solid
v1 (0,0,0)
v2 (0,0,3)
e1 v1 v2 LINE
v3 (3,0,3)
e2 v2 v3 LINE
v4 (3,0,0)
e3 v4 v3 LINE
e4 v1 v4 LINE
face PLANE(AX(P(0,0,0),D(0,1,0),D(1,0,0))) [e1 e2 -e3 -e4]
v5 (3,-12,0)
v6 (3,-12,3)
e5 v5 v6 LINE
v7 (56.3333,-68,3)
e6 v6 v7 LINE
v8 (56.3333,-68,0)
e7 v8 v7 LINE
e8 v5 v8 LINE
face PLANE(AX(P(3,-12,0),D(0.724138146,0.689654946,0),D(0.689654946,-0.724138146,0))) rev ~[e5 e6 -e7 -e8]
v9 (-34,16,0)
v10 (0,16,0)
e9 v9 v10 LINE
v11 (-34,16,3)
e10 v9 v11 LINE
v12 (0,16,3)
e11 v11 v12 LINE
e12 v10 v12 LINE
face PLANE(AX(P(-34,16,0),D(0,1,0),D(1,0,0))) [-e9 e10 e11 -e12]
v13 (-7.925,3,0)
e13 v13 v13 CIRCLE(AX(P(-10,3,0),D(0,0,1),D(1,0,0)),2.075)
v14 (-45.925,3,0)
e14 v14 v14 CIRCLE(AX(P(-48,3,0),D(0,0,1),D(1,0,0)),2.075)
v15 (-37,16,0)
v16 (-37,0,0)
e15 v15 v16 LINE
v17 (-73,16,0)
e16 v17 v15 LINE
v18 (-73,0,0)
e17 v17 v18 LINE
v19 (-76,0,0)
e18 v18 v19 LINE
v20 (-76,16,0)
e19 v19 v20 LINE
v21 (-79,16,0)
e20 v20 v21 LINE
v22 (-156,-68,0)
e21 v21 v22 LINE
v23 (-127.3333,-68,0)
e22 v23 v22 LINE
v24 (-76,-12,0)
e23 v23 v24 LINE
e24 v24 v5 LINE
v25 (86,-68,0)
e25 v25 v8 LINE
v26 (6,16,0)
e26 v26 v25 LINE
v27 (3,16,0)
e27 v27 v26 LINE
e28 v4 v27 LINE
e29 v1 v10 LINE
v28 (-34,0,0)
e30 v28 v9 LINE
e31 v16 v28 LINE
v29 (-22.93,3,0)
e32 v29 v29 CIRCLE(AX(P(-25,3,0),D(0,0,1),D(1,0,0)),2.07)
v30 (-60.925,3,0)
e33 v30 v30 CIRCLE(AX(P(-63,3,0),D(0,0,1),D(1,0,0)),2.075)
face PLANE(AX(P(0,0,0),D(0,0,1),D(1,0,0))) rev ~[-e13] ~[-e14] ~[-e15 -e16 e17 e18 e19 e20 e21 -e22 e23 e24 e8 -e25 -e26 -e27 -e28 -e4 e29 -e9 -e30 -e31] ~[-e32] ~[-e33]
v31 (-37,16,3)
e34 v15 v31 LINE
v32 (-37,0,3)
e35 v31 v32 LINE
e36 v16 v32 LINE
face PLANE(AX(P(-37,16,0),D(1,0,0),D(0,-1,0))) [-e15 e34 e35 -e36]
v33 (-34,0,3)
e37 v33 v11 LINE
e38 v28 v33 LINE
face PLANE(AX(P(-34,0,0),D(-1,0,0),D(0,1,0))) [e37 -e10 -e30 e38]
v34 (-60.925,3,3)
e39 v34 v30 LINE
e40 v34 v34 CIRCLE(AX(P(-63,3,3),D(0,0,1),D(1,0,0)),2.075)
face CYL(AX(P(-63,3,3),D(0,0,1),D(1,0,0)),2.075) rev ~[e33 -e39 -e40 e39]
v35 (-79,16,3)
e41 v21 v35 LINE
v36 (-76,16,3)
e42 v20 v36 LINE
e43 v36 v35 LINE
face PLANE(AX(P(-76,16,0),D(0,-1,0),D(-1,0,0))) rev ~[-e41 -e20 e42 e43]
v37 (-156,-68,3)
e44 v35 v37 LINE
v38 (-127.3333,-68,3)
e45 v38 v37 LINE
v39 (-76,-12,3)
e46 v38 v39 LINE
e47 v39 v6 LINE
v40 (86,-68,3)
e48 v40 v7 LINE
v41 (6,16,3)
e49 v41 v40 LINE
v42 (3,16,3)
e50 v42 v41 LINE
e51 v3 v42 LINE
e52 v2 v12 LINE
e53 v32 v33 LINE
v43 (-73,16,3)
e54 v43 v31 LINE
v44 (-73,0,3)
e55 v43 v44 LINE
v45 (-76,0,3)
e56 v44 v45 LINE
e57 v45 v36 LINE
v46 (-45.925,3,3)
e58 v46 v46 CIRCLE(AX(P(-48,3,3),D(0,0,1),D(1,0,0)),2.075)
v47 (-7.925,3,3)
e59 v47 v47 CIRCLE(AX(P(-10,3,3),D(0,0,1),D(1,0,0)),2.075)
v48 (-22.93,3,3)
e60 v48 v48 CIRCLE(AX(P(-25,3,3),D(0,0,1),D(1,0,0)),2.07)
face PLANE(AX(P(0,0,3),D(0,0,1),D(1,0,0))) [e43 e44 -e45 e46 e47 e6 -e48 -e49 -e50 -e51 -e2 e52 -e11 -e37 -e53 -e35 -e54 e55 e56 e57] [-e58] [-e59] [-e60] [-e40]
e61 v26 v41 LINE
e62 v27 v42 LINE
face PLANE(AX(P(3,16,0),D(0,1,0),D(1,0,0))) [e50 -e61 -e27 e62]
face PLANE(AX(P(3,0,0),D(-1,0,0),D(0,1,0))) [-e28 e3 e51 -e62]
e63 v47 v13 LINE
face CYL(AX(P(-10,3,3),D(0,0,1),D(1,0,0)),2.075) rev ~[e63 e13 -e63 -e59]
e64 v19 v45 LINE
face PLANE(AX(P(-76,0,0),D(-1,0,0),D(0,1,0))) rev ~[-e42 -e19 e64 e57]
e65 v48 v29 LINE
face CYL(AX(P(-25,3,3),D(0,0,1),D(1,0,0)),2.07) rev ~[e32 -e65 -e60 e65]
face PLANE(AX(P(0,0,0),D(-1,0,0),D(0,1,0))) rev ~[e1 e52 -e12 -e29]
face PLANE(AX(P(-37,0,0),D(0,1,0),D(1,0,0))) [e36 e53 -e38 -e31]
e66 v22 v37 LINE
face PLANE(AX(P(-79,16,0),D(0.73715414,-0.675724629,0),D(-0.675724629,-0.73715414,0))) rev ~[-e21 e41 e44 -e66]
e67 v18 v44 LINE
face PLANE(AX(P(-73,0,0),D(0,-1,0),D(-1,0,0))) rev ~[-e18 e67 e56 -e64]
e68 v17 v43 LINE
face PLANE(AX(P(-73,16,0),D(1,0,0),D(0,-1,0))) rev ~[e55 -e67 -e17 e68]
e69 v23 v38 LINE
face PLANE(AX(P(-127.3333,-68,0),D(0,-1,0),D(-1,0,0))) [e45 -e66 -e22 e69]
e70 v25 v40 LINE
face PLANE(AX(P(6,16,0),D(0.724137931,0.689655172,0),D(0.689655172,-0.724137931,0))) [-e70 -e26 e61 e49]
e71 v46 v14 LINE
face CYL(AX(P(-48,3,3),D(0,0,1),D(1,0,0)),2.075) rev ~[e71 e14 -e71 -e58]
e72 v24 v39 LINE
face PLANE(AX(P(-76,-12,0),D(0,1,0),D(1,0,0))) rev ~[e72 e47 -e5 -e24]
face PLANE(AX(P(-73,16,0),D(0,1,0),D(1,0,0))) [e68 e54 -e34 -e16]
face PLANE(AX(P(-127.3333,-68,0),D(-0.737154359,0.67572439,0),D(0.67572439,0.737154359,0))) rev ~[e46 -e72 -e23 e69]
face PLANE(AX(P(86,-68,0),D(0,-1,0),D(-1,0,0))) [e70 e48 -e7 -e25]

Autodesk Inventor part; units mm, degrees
ref_plane "YZ Plane" through (0, 0, 0) normal (1, 0, 0) x (0, 1, 0)
ref_plane "XZ Plane" through (0, 0, 0) normal (0, 1, 0) x (-1, 0, 0)
ref_plane "XY Plane" through (0, 0, 0) normal (0, 0, 1) x (1, 0, 0)
sketch "Sketch1" plane through (0, 0, 0) normal (0, 0, 1) x (1, 0, 0)
  line L0 (0, 0) -> (0, 16)
  line L1 (0, 16) -> (0, 16)
  line L2 (0, 16) -> (0, 0)
  line L3 (0, 0) -> (3, 0)
  line L4 (3, 0) -> (3, 16)
  line L5 (3, 16) -> (6, 16)
  line L6 (6, 16) -> (86, -68)
  line L7 (86, -68) -> (-156, -68)
  line L8 (-73, 16) -> (-73, 0)
  line L9 (-73, 0) -> (-76, 0)
  line L10 (-76, 0) -> (-76, 16)
  line L11 (-127.3333, -68) -> (-76, -12)
  line L12 (-76, -12) -> (3, -12)
  line L13 (3, -12) -> (56.3333, -68)
  line L14 (-76, 16) -> (-79, 16)
  line L15 (-79, 16) -> (-156, -68)
  line L16 (-73, 16) -> (-37, 16)
  line L17 (-37, 16) -> (-37, 0)
  line L18 (-37, 0) -> (-34, 0)
  line L19 (-34, 0) -> (-34, 16)
  line L20 (-34, 16) -> (0, 16)
  point P0 (1.5, 0)
  dimension "d0" = 3
  dimension "d1" = 16
  dimension "d2" = 3
  dimension "d8" = 3
  dimension "d9" = 80
  dimension "d10" = 80
  dimension "d12" = 12
  dimension "d13" = 3
  dimension "d14" = 56
  dimension "d15" = 3
  dimension "d16" = 34
  dimension "d17" = 36
extrude "Extrusion1" add sketch "Sketch1" along normal blind 3 contours L3 L4 L5 L6 L7 L13 L12 L11 L15 L14 L10 L9 L8 L16 L17 L18 L19 L20 L0
sketch "Sketch2" plane through (0, 0, 3) normal (0, 0, 1) x (1, 0, 0)
  circle A0 centre (-25, 3) radius 2.07
  circle A1 centre (-10, 3) radius 2.075
  circle A2 centre (-63, 3) radius 2.075
  circle A3 centre (-48, 3) radius 2.075
  line L0 (-73, 16) -> (-73, 0) projected
  line L1 (-76, -12) -> (3, -12) projected
  point P0 (0, 0)
  dimension "d18" = 4.14
  dimension "d19" = 4.15
  dimension "d20" = 4.15
  dimension "d21" = 4.15
  dimension "d22" = 15
  dimension "d23" = 15
  dimension "d24" = 10
  dimension "d25" = 10
  dimension "d26" = 15
extrude "Extrusion2" cut sketch "Sketch2" against normal blind 3
properties part number "Base"
